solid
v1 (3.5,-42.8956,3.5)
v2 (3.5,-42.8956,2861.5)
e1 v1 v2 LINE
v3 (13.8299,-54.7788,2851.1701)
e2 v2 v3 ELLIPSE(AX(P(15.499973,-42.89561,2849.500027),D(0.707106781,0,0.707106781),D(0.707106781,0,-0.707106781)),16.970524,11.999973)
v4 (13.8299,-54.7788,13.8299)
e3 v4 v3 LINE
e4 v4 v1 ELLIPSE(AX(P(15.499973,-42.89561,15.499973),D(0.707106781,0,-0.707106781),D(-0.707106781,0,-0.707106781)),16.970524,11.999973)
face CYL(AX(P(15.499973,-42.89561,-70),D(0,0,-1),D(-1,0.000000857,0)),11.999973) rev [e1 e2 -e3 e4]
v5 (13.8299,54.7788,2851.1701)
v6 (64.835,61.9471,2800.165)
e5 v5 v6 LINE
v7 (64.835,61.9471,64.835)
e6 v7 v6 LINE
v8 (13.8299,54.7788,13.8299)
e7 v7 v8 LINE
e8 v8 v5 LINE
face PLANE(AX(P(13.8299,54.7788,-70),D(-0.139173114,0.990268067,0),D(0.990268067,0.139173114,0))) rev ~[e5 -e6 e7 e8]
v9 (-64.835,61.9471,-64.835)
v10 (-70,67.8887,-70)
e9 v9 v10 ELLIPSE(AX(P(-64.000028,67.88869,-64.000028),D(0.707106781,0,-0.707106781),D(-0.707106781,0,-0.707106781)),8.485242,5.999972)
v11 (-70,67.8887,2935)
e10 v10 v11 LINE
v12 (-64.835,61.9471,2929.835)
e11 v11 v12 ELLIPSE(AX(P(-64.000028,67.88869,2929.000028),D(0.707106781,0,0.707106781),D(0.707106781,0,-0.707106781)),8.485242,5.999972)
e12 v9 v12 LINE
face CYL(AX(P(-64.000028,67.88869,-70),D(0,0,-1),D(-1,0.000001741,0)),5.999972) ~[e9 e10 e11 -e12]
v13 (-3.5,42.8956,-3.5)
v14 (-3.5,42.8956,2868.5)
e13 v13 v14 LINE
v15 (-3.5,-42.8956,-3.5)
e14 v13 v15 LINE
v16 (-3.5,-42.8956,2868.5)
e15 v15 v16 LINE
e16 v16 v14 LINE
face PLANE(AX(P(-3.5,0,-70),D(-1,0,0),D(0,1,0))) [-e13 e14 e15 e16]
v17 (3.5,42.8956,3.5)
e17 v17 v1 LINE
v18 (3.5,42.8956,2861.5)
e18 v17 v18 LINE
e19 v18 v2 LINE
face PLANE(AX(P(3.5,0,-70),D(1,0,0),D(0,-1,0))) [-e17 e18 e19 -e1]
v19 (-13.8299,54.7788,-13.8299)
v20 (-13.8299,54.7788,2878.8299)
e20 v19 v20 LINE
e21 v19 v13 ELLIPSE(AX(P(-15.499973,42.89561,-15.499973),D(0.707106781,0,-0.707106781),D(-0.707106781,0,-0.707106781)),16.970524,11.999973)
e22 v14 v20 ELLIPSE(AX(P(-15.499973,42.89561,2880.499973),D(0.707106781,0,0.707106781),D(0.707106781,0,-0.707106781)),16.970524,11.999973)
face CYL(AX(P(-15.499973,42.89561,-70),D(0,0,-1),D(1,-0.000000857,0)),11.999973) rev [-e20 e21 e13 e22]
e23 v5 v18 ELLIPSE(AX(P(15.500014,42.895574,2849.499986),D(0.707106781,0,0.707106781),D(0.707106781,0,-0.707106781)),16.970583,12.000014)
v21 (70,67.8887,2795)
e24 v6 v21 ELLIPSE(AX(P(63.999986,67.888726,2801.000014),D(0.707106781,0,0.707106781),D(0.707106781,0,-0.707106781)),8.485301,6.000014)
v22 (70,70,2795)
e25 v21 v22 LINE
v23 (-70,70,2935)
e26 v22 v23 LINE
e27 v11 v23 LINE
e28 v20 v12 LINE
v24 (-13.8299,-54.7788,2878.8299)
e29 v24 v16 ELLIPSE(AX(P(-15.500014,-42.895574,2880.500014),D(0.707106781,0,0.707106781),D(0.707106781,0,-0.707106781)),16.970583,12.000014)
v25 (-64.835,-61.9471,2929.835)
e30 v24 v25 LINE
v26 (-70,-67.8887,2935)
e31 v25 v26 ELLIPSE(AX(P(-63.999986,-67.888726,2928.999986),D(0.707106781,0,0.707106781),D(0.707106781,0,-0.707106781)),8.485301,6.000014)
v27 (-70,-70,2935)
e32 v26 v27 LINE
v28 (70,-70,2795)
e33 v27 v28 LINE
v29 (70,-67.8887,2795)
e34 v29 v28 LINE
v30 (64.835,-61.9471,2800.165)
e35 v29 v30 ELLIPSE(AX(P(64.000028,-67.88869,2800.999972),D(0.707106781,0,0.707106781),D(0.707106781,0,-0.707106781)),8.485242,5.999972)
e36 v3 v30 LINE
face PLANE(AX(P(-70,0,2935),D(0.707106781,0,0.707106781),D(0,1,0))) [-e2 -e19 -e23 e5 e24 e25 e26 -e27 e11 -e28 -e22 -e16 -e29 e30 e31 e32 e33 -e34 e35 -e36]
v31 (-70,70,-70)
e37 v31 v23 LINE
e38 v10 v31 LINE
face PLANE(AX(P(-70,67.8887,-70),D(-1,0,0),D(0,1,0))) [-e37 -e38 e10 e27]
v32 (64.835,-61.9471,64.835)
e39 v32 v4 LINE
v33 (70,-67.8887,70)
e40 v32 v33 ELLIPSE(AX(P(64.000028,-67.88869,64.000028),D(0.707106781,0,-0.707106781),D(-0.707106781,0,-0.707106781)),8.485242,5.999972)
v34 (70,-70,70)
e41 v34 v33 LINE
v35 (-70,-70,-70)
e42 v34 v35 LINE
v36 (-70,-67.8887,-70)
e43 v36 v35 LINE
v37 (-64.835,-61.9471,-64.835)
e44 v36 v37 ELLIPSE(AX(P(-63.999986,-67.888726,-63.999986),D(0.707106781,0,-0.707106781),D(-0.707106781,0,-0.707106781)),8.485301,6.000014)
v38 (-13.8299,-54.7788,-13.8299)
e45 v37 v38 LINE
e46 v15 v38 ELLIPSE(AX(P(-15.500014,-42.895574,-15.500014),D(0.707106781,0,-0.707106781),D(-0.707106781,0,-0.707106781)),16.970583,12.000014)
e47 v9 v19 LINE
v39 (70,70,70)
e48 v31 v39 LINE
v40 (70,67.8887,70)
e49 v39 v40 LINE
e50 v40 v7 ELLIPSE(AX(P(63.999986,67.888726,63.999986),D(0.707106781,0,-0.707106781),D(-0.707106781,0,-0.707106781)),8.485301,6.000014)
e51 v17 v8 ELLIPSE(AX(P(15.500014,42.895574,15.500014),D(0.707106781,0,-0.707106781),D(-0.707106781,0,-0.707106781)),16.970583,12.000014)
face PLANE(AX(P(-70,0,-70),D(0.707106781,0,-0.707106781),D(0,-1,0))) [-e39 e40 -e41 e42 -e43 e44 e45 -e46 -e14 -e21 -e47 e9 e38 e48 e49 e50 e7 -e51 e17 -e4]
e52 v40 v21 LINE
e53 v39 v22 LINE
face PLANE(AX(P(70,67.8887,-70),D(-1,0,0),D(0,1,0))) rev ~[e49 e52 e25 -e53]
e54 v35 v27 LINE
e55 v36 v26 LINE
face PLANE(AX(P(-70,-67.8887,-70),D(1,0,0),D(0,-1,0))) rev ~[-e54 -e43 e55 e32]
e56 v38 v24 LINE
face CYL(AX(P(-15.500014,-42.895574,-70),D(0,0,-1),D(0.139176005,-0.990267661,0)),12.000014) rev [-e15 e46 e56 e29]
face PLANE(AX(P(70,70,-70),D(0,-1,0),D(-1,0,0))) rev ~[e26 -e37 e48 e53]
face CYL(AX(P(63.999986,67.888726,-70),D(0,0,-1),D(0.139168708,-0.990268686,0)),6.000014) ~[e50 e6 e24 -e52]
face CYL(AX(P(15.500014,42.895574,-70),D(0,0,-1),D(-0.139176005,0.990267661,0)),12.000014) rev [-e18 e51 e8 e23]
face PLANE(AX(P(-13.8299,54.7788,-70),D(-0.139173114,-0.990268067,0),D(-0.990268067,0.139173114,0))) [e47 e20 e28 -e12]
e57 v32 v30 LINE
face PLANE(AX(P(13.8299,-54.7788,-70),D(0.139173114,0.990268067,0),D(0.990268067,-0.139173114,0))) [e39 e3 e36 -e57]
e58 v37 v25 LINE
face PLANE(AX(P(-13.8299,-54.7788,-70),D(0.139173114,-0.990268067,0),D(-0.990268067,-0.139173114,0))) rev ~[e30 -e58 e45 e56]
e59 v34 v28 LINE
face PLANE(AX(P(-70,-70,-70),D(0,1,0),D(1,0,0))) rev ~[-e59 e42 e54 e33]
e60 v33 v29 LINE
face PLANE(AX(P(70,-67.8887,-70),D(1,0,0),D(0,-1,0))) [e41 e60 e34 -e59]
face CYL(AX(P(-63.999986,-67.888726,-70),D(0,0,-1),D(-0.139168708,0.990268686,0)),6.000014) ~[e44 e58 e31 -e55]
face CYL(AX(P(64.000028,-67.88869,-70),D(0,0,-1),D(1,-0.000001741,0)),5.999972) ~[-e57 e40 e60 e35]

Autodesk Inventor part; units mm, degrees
ref_plane "Начальная плоскость" through (0, 0, -70) normal (0, 0, 1) x (1, 0, 0)
ref_plane "Конечная плоскость" through (0, 0, 2935) normal (0, 0, 1) x (1, 0, 0)
sketch "Эскиз" plane through (0, 0, 0) normal (0, 0, 1) x (1, 0, 0)
  line L0 (-3.5, 0) -> (-3.5, -42.8956)
  line L1 (-13.8299, -54.7788) -> (-64.835, -61.9471)
  line L2 (-70, -67.8887) -> (-70, -70)
  line L3 (-70, -70) -> (0, -70)
  line L4 (-36.75, -70) -> (-36.75, -58) construction
  line L5 (-61.3329, 0) -> (81.7772, 0) construction
  line L6 (0, 0) -> (0, -70) construction
  line L7 (0, -60) -> (0, 80) construction
  line L8 (3.5, 0) -> (3.5, -42.8956)
  line L9 (13.8299, -54.7788) -> (64.835, -61.9471)
  line L10 (70, -67.8887) -> (70, -70)
  line L11 (70, -70) -> (0, -70)
  line L12 (-3.5, 0) -> (0, 0) construction
  line L13 (-3.5, 0) -> (-3.5, 42.8956)
  line L14 (-13.8299, 54.7788) -> (-64.835, 61.9471)
  line L15 (-70, 67.8887) -> (-70, 70)
  line L16 (-70, 70) -> (0, 70)
  line L17 (3.5, 0) -> (3.5, 42.8956)
  line L18 (13.8299, 54.7788) -> (64.835, 61.9471)
  line L19 (70, 67.8887) -> (70, 70)
  line L20 (70, 70) -> (0, 70)
  arc A0 (-70, 67.8887) -> (-64.835, 61.9471) centre (-64, 67.8887) ccw
  arc A1 (64.835, 61.9471) -> (70, 67.8887) centre (64, 67.8887) ccw
  arc A2 (70, -67.8887) -> (64.835, -61.9471) centre (64, -67.8887) ccw
  arc A3 (-64.835, -61.9471) -> (-70, -67.8887) centre (-64, -67.8887) ccw
  arc A4 (-3.5, 42.8956) -> (-13.8299, 54.7788) centre (-15.5, 42.8956) ccw
  arc A5 (13.8299, 54.7788) -> (3.5, 42.8956) centre (15.5, 42.8956) ccw
  arc A6 (3.5, -42.8956) -> (13.8299, -54.7788) centre (15.5, -42.8956) ccw
  arc A7 (-13.8299, -54.7788) -> (-3.5, -42.8956) centre (-15.5, -42.8956) ccw
  line L21 (0, 110) -> (0, -100) construction
  line L22 (-101.6883, 0) -> (112.3548, 0) construction
  point P0 (-3.5, -53.327)
  point P1 (-70, -62.673)
  point P2 (3.5, -53.327)
  point P3 (70, -62.673)
  point P4 (36.75, -70)
  point P5 (36.75, -58)
  point P6 (-3.5, 53.327)
  point P7 (-70, 62.673)
  point P8 (-36.75, 70)
  point P9 (-36.75, 58)
  point P10 (3.5, 53.327)
  point P11 (70, 62.673)
  point P12 (36.75, 58)
  point P13 (36.75, 70)
  dimension "d1" = 12
  dimension "d2" = 33.25
  dimension "d3" = 3.5
  dimension "d4" = 70
  dimension "d9" = 70
  dimension "d14" = 98
  dimension "d15" = 6
  dimension "d16" = 12
extrude "Тело" add sketch "Эскиз" along normal up to surface (3005 mm away) from surface at -70
sketch "Sketch3" plane through (0, 0, 0) normal (0, 0, 1) x (1, 0, 0)
  line L0 (0, 0) -> (10, 0)
ref_plane "Work Plane3" through (0, 0, 0) normal (0, -1, 0) x (1, 0, 0)
sketch "Sketch4" plane through (0, 0, 0) normal (0, -1, 0) x (1, 0, 0)
  line L0 (-2, -70) -> (12, -70)
  line L1 (-2, 2935) -> (12, 2935)
  dimension "d20" = 3005
ref_plane "РабПлоскость4" through (-70, 0, -70) normal (0.7071, 0, -0.7071) x (-0.7071, 0, -0.7071)
split "Разделение1" plane through (-70, 0, -70) removes the side toward (0.7071, 0, -0.7071)
ref_plane "РабПлоскость5" through (-70, 0, 2935) normal (0.7071, 0, 0.7071) x (0.7071, 0, -0.7071)
split "Разделение2" plane through (-70, 0, 2935) removes the side toward (0.7071, 0, 0.7071)
equation "\"d1\" = G_T1"
equation "\"d2\" = -0.25 * G_T + 0.25 * G_W"
equation "\"d3\" = 0.5 * G_T"
equation "\"d4\" = 0.5 * G_W"
equation "\"d9\" = 0.5 * G_H"
equation "\"d14\" = G_NG"
equation "\"d15\" = G_ER"
equation "\"d16\" = G_IR"
equation "\"d5\" = G_L"
equation "\"G_T\" = 7"
equation "\"G_T1\" = 12"
equation "\"G_L\" = d20"
equation "\"G_ER\" = 6"
equation "\"G_IR\" = 12"
equation "\"G_NG\" = 98deg"
equation "\"d18\" = G_OFFSET_END + B_L"
equation "\"B_L\" = 2865"
equation "\"G_W\" = 140"
equation "\"G_H\" = 140"
equation "\"G_OFFSET_END\" = 70"
properties part number "ISO 657 16 - SC 140 - 3005" material "Сталь, мягкая"
